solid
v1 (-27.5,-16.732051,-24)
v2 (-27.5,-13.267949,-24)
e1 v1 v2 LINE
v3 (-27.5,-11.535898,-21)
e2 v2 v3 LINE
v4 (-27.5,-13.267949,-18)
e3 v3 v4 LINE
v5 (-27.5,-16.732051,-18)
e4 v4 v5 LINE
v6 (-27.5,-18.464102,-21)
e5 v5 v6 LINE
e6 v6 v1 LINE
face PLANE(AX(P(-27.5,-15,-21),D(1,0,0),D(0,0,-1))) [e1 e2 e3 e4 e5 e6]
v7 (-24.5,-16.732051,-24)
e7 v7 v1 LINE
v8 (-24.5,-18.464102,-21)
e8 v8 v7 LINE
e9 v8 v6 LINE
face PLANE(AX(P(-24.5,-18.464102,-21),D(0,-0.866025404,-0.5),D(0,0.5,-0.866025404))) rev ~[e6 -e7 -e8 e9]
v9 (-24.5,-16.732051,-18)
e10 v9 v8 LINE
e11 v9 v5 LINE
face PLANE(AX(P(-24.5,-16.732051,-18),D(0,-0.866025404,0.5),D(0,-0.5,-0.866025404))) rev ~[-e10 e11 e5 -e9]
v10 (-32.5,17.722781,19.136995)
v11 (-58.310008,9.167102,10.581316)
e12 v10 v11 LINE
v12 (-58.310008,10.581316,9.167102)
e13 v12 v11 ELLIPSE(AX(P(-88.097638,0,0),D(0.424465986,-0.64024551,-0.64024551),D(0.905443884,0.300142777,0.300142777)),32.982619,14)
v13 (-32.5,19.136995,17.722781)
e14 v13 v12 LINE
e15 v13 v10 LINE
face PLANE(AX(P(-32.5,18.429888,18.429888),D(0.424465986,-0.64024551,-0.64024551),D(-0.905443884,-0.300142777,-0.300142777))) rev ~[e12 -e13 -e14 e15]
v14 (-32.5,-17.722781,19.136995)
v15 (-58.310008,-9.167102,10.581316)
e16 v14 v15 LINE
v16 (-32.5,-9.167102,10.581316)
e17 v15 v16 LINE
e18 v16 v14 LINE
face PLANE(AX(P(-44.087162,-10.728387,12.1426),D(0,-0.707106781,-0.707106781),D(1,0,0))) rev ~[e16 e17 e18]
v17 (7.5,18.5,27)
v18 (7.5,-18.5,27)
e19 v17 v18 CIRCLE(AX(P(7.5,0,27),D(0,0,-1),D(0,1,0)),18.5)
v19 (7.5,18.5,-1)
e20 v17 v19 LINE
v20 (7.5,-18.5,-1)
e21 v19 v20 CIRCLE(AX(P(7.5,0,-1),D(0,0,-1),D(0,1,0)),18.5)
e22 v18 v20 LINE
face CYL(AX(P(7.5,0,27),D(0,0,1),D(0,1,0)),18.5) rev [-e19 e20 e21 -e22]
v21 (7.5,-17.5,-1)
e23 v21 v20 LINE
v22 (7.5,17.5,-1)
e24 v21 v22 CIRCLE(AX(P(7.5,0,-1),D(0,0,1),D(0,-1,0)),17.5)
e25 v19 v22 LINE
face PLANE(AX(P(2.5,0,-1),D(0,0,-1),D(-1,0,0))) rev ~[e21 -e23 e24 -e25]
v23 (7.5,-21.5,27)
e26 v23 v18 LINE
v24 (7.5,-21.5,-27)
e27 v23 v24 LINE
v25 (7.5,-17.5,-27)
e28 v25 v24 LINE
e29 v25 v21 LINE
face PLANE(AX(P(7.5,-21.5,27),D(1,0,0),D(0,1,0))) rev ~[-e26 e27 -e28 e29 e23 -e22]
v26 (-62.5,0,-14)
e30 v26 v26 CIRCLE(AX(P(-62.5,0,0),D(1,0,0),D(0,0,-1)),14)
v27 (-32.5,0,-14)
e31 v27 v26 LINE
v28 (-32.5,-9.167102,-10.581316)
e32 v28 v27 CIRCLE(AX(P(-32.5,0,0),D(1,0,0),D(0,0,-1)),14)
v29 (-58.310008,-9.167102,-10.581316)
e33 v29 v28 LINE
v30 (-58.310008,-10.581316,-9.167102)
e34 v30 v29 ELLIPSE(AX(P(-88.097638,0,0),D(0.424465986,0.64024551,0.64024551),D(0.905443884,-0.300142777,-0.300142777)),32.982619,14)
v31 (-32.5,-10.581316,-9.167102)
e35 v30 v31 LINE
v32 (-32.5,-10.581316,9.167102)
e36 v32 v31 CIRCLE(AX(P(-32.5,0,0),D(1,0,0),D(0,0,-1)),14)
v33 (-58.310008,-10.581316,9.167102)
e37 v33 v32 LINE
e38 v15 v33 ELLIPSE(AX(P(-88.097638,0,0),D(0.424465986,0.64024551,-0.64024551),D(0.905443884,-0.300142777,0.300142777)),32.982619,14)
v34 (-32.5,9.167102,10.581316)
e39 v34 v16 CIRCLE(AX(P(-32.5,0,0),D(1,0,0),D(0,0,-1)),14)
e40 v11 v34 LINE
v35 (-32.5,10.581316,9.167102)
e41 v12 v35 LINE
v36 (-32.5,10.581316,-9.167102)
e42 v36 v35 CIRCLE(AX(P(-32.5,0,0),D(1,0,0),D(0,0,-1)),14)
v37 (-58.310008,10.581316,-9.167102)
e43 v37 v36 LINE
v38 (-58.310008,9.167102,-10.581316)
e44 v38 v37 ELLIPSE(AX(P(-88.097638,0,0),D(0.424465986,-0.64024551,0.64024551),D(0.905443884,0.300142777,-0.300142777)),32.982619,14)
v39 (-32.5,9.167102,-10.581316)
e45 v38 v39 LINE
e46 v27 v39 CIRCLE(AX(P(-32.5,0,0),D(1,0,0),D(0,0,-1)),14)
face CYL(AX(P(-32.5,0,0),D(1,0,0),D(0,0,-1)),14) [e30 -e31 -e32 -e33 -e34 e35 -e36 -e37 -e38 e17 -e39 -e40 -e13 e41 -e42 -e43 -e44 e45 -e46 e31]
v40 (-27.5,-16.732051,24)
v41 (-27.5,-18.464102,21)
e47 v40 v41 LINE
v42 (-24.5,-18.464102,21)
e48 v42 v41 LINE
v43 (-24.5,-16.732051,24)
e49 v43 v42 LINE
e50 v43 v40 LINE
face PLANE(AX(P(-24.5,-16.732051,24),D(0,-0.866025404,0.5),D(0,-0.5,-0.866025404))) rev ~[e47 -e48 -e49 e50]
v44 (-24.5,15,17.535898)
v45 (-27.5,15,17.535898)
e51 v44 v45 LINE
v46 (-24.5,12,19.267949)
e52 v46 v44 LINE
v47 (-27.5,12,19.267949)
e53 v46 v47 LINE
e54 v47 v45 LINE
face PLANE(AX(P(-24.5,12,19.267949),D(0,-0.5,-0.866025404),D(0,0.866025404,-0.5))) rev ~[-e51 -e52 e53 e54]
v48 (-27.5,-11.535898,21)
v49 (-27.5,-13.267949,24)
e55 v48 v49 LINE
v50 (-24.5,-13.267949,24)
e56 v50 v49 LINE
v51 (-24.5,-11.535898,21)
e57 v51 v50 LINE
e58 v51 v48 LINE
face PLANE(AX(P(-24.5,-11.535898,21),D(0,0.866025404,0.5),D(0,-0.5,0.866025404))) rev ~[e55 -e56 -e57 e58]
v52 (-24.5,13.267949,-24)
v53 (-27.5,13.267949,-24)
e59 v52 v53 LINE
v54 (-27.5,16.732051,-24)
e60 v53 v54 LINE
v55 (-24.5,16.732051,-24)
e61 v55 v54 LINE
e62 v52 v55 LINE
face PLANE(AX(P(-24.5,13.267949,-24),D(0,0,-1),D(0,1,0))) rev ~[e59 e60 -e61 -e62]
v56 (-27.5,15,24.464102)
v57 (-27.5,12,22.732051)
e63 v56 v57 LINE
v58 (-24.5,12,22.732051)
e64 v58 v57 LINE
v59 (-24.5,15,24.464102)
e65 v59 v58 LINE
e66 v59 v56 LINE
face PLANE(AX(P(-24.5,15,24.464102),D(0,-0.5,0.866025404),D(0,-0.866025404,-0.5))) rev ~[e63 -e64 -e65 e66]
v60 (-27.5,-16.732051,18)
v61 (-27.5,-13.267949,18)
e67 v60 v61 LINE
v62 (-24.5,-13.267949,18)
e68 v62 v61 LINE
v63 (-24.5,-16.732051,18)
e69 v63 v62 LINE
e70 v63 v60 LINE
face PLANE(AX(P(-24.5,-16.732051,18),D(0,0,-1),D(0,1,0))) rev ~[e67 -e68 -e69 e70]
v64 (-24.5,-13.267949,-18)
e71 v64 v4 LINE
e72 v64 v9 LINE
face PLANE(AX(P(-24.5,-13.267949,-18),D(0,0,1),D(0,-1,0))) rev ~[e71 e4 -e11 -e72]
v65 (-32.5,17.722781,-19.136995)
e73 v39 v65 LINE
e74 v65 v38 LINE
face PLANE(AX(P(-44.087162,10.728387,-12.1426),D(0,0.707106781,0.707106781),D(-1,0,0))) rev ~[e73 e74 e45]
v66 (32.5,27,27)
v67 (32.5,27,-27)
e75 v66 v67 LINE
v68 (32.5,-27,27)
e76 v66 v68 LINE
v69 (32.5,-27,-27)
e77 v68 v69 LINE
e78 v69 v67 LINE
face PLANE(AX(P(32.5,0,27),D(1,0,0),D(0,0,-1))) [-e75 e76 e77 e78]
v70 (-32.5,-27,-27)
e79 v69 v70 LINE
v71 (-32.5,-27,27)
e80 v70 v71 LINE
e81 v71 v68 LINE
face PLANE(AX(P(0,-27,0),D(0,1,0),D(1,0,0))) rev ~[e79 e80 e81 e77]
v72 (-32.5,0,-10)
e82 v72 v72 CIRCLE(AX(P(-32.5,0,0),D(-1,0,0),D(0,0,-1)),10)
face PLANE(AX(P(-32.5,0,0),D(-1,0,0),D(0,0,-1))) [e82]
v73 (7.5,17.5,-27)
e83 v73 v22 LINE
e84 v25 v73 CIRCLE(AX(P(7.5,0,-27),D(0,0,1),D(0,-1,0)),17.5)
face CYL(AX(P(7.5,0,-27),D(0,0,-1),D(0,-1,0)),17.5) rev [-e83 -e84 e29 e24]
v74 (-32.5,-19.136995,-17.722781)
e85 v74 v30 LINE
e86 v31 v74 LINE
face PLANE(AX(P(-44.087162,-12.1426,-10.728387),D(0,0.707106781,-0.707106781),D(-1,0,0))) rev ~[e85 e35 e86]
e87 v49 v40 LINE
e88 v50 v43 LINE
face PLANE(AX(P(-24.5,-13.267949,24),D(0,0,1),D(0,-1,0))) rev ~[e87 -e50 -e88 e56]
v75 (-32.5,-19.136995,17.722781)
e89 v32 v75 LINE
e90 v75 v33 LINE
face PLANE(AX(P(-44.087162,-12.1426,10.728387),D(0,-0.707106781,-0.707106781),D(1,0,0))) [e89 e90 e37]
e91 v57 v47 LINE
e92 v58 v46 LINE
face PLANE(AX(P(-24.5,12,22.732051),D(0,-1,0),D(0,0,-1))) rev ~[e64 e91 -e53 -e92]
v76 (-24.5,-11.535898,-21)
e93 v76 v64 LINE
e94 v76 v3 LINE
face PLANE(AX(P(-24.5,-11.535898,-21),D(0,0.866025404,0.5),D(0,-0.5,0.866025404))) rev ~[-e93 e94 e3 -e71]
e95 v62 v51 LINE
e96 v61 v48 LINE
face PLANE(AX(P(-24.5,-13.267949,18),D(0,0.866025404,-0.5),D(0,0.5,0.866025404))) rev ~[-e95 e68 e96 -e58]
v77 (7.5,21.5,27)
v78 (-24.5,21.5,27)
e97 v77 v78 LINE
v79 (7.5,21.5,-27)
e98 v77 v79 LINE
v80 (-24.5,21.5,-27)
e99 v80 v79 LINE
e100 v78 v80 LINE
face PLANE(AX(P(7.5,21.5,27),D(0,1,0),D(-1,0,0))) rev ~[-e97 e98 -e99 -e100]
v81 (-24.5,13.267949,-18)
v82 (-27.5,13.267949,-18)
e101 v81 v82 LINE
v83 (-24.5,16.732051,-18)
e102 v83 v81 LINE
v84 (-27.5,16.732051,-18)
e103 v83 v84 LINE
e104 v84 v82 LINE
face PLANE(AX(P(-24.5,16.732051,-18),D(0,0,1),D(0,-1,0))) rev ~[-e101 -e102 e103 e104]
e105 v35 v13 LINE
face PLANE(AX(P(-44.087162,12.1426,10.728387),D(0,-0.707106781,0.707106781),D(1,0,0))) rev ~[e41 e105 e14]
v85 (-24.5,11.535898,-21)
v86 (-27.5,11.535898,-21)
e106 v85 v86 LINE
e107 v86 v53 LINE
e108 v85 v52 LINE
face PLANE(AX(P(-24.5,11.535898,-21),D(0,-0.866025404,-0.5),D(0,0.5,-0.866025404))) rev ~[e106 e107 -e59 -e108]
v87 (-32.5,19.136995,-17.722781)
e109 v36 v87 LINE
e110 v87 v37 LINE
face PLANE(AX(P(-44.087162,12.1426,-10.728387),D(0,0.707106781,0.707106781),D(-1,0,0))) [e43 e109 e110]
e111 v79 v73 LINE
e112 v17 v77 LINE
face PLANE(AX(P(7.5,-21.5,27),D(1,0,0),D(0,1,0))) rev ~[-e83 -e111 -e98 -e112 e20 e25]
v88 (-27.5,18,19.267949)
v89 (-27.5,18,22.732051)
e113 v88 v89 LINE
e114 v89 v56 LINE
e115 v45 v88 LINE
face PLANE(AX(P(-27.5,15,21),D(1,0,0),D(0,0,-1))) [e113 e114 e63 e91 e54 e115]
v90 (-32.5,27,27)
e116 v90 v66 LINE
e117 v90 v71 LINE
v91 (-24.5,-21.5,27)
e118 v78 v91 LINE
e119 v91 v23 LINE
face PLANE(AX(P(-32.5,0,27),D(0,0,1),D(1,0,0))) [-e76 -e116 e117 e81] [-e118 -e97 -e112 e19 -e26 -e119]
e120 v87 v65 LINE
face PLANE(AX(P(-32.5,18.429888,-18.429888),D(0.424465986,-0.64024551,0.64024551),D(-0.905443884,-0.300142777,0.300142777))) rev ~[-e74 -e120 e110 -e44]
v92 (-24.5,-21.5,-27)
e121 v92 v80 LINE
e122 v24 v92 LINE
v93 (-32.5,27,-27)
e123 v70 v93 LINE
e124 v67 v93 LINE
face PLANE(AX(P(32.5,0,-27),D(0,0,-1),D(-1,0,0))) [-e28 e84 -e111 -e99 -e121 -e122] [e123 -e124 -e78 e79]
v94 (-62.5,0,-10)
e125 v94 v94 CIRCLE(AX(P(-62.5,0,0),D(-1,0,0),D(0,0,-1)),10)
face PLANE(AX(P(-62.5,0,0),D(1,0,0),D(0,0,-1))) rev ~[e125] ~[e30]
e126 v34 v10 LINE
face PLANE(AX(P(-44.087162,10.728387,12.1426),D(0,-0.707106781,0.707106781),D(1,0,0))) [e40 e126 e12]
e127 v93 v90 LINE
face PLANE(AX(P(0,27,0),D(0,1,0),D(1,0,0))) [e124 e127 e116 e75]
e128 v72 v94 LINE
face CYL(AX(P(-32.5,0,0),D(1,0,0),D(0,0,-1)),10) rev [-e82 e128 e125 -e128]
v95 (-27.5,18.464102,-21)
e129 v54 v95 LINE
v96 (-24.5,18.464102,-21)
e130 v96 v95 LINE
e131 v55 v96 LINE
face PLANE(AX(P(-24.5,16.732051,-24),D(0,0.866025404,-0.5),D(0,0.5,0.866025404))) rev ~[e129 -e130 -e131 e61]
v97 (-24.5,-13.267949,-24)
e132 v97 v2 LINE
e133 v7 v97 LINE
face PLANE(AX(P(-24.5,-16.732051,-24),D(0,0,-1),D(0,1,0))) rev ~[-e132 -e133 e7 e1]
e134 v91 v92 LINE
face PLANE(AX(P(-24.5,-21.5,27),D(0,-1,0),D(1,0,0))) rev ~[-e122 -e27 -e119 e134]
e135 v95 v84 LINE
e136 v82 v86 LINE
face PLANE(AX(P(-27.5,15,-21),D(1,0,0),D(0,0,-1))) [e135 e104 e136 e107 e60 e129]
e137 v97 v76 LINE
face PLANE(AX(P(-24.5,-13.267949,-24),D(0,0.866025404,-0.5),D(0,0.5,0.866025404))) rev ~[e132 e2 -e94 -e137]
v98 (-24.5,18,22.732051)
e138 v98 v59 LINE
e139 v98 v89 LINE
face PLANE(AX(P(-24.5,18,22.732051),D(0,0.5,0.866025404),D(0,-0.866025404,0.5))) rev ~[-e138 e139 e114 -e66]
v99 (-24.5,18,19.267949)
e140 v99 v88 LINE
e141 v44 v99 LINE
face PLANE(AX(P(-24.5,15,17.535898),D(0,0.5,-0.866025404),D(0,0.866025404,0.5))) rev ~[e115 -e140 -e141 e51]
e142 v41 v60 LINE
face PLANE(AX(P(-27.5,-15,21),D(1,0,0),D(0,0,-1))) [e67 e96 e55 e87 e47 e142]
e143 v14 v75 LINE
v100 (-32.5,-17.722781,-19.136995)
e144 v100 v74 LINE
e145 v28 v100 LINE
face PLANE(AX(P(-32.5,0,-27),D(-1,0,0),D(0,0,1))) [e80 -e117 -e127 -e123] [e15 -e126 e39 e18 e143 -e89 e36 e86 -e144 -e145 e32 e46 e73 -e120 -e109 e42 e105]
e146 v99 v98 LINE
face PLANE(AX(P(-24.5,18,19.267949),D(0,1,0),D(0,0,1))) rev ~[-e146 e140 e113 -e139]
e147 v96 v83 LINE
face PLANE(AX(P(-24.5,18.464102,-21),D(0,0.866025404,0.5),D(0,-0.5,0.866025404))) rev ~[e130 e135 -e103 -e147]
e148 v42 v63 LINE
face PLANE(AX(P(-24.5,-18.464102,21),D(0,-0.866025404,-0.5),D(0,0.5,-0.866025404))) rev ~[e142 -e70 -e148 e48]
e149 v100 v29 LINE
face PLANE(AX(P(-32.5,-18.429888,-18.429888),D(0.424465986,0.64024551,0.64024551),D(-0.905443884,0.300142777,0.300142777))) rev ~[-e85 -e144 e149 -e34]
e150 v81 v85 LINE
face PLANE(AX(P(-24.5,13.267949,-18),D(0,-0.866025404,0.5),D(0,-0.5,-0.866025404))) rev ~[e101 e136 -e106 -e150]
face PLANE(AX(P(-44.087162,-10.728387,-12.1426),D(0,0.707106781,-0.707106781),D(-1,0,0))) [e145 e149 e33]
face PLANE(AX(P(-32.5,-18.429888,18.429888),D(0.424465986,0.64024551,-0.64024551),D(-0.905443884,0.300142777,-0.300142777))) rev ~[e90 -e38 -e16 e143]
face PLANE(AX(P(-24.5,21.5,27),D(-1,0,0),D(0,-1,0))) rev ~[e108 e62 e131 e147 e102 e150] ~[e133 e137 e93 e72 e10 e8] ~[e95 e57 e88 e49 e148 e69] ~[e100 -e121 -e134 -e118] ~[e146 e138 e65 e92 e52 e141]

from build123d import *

# Parameters (mm, degrees)
BOSS_EXTRUDE1_DEPTH = 27
SKETCH10_R          = 14
BOSS_EXTRUDE5_DEPTH = 30
SKETCH2_R           = 10
CUT_EXTRUDE7_DEPTH  = 30
BOSS_EXTRUDE9_DEPTH = 1
CIRPATTERN1_COUNT   = 2
CIRPATTERN1_ANGLE   = 90
CUT_EXTRUDE8_DEPTH  = 28
CUT_EXTRUDE9_DEPTH  = 26
CUT_EXTRUDE10_DEPTH = 87.897928629
CUT_EXTRUDE11_DEPTH = 3


with BuildPart() as part:
    # Sketch1 → Boss-Extrude1 (new, symmetric)
    with BuildSketch(Plane(origin=(0, 0, 0), x_dir=(1, 0, 0), z_dir=(0, 1, 0))):
        Polygon((32.5, -27), (32.5, 27), (-32.5, 27), (-32.5, -27), (-20, -27), align=None)
    extrude(amount=BOSS_EXTRUDE1_DEPTH, both=True)

    # Sketch10 → Boss-Extrude5 (add)
    with BuildSketch(Plane(origin=(-32.5, 0, 0), x_dir=(0, 0, -1), z_dir=(1, 0, 0))):
        Circle(SKETCH10_R)
    extrude(amount=-BOSS_EXTRUDE5_DEPTH)

    # Sketch2 → Cut-Extrude7 (cut)
    with BuildSketch(Plane.ZY.offset(32.5)):
        with Locations(Location((0, 0, 0), (0, 0, 180))):
            Circle(SKETCH2_R)
    extrude(amount=CUT_EXTRUDE7_DEPTH, mode=Mode.SUBTRACT)

    # Sketch16 → Boss-Extrude9 (add, symmetric)
    with BuildSketch(Plane(origin=(0, 0, 0), x_dir=(-1, 0, 0), z_dir=(0, 0.7071067811865475, -0.7071067811865477))):
        Polygon((62.5, -12), (30, -12), (32.5, -26.063797676), align=None)
        Polygon((30, 12), (32.5, 26.063797676), (62.5, 12), align=None)
    boss_extrude9 = extrude(amount=BOSS_EXTRUDE9_DEPTH, both=True)

    # CirPattern1: Boss-Extrude9 ×2 about axis
    cirpattern1_axis = Axis((0, 0, 0), (1, 0, 0))
    for i in range(1, CIRPATTERN1_COUNT):
        add(boss_extrude9.rotate(cirpattern1_axis, i * CIRPATTERN1_ANGLE / (CIRPATTERN1_COUNT - 1)))

    # Sketch18 → Cut-Extrude8 (cut)
    with BuildSketch(Plane.XY.offset(27)):
        with BuildLine():
            Line((7.5, -18.5), (-2.5, -18.5))
            ThreePointArc((-2.5, -18.5), (-21, 0), (-2.5, 18.5))
            Line((-2.5, 18.5), (7.5, 18.5))
            ThreePointArc((7.5, 18.5), (26, 0), (7.5, -18.5))
        make_face()
    extrude(amount=-CUT_EXTRUDE8_DEPTH, mode=Mode.SUBTRACT)

    # Sketch19 → Cut-Extrude9 (cut)
    with BuildSketch(Plane(origin=(0, 0, -27), x_dir=(-1, 0, 0), z_dir=(0, 0, -1))):
        with BuildLine():
            Line((2.5, -17.5), (-7.5, -17.5))
            ThreePointArc((-7.5, -17.5), (-25, 0), (-7.5, 17.5))
            Line((-7.5, 17.5), (2.5, 17.5))
            ThreePointArc((2.5, 17.5), (20, 0), (2.5, -17.5))
        make_face()
    extrude(amount=-CUT_EXTRUDE9_DEPTH, mode=Mode.SUBTRACT)

    # Sketch20 → Cut-Extrude10 (cut, through all)
    with BuildSketch(Plane.XY.offset(27)):
        Polygon((-24.5, 21.5), (-24.5, -21.5), (7.5, -21.5), (7.5, -18.5), (7.5, 18.5), (7.5, 21.5), align=None)
    extrude(amount=-CUT_EXTRUDE10_DEPTH, mode=Mode.SUBTRACT)

    # Sketch22 → Cut-Extrude11 (cut)
    with BuildSketch(Plane(origin=(-24.5, 0, 0), x_dir=(0, 0, -1), z_dir=(1, 0, 0))):
        Polygon((18, -16.732050808), (21, -18.464101615), (24, -16.732050808), (24, -13.267949192), (21, -11.535898385), (18, -13.267949192), align=None)
        Polygon((-24, -16.732050808), (-21, -18.464101615), (-18, -16.732050808), (-18, -13.267949192), (-21, -11.535898385), (-24, -13.267949192), align=None)
        Polygon((-24.464101615, 15), (-22.732050808, 12), (-19.267949192, 12), (-17.535898385, 15), (-19.267949192, 18), (-22.732050808, 18), align=None)
        Polygon((18, 16.732050808), (18, 13.267949192), (21, 11.535898385), (24, 13.267949192), (24, 16.732050808), (21, 18.464101615), align=None)
    extrude(amount=-CUT_EXTRUDE11_DEPTH, mode=Mode.SUBTRACT)


solid = part.part
